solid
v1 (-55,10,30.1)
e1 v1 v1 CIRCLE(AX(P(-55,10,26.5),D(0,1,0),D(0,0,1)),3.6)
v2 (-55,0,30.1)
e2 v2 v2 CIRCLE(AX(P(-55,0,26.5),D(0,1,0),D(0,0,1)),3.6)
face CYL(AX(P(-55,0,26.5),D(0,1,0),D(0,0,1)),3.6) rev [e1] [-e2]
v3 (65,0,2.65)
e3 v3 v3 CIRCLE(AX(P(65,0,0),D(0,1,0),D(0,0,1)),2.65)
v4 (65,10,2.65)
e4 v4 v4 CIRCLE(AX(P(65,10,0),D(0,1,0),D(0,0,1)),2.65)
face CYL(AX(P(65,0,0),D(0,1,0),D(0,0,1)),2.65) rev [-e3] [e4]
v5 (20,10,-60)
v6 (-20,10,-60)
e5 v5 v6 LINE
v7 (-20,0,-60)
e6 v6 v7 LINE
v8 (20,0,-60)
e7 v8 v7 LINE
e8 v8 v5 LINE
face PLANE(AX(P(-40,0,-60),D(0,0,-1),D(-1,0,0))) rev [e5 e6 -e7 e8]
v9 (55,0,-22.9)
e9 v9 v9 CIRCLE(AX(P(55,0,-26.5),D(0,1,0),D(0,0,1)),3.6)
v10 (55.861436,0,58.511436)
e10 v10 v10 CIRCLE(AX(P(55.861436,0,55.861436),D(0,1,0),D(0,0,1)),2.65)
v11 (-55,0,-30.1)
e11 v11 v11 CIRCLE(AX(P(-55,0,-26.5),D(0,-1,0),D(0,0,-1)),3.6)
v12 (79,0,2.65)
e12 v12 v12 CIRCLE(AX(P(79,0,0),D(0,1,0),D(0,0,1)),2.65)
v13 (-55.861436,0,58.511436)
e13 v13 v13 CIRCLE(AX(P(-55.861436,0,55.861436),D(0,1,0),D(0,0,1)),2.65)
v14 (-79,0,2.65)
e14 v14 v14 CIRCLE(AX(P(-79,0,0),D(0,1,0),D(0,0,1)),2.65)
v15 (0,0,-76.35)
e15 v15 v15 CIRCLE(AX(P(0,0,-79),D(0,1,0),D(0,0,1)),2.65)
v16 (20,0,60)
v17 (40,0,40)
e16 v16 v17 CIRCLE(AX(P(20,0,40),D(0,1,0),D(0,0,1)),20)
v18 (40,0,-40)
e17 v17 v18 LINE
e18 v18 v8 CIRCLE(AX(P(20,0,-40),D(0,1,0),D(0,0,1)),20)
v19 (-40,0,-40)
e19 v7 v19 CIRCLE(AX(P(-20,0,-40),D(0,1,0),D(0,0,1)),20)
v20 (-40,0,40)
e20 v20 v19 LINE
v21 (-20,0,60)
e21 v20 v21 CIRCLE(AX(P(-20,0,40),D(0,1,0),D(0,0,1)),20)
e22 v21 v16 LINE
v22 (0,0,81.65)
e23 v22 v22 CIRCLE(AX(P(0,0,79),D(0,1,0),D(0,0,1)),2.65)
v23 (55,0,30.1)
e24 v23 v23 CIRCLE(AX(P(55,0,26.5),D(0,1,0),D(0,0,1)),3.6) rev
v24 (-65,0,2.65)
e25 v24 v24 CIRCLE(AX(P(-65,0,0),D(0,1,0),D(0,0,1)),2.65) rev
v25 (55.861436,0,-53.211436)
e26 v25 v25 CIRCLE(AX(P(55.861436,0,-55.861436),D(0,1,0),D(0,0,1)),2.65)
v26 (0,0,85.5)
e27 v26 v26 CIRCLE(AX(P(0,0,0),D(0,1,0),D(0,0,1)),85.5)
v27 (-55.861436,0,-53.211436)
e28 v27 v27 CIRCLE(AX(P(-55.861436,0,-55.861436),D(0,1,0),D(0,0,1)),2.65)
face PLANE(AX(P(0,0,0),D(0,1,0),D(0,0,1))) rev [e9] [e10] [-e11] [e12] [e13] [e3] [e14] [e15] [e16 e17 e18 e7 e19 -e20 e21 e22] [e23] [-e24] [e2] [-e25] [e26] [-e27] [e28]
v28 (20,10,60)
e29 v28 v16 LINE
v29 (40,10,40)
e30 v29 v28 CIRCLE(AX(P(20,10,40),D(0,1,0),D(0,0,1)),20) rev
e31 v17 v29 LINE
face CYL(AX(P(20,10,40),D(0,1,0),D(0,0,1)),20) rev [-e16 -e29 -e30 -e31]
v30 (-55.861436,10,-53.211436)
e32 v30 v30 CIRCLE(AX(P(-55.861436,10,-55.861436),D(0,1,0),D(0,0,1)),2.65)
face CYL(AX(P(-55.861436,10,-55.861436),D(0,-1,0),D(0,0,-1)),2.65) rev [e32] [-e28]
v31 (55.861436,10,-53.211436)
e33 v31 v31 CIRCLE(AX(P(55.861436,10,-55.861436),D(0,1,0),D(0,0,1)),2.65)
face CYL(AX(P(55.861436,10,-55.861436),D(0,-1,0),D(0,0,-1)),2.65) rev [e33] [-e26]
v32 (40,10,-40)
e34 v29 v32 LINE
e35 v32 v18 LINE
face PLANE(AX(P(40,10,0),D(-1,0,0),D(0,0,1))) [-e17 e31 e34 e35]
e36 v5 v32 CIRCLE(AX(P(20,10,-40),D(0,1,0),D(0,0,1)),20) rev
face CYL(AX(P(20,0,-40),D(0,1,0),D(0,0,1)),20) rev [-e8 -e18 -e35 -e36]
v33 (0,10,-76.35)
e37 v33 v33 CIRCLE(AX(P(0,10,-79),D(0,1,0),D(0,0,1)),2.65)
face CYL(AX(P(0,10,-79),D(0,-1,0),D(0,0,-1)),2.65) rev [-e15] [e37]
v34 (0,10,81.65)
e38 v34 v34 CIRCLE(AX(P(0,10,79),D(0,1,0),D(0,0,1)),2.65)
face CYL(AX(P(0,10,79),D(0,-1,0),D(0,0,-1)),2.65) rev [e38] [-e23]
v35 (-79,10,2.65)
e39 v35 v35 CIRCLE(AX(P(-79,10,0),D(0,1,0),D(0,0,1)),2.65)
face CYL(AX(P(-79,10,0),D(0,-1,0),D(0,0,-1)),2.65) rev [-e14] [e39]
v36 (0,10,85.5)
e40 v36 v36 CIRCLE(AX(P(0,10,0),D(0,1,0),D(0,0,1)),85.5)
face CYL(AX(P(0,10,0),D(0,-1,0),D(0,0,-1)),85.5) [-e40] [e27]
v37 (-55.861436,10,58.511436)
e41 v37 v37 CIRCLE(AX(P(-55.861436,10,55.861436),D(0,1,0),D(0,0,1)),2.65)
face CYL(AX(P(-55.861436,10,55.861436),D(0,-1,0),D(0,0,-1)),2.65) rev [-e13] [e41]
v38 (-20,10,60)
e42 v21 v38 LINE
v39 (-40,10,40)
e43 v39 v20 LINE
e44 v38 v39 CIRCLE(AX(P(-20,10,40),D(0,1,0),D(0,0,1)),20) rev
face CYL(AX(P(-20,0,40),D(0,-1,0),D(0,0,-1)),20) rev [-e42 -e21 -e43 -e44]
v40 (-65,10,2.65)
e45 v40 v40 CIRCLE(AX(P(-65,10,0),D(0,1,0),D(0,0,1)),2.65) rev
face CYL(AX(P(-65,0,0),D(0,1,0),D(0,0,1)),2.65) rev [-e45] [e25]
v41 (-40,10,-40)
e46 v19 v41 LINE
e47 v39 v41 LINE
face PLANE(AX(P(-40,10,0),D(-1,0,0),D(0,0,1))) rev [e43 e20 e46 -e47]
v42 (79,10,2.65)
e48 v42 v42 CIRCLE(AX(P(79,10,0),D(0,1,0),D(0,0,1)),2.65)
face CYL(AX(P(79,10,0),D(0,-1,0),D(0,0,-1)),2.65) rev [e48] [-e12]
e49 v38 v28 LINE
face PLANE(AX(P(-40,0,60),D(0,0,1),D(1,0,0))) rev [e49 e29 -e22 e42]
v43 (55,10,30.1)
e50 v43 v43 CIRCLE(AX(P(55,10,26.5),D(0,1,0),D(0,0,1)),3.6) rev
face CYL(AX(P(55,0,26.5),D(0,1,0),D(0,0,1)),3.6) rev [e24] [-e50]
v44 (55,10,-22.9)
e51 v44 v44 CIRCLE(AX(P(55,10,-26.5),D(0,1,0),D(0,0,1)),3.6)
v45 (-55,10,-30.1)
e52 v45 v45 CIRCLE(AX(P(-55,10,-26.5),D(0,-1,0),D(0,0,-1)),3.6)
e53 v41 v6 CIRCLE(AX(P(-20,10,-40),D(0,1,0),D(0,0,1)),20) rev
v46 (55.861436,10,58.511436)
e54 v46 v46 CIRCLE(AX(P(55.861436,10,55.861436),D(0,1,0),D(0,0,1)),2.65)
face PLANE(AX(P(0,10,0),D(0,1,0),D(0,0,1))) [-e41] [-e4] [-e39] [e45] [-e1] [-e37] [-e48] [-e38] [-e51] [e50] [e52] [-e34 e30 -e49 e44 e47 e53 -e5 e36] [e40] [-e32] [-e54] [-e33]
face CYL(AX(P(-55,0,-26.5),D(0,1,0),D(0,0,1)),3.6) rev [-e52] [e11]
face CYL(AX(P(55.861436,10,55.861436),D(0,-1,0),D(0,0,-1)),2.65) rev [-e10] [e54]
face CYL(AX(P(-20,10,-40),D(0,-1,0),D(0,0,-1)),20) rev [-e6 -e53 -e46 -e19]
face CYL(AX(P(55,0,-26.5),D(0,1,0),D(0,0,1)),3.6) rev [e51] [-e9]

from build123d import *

# Parameters (mm, degrees)
SKETCH_1_R          = 85.5
SKETCH_1_R_2        = 2.65
SKETCH_1_W          = 80
SKETCH_1_H          = 100
EXTRUDE_3_DEPTH     = 10
SKETCH_10_R         = 3.6
SKETCH_10_R_2       = 2.65
CUT_EXTRUDE_2_DEPTH = 10
SKETCH_11_W         = 80
SKETCH_11_H         = 120
CUT_EXTRUDE_3_DEPTH = 10
FILLET_1_R          = 20


with BuildPart() as part:
    # 草图1 → 凸台-拉伸3 (new body)
    with BuildSketch(Plane(origin=(0, 0, 0), x_dir=(1, 0, 0), z_dir=(0, 1, 0))):
        with Locations(Location((0, 0, 0), (0, 0, 270))):
            Circle(SKETCH_1_R)
        with Locations(Location((0, 79, 0), (0, 0, 270))):
            Circle(SKETCH_1_R_2, mode=Mode.SUBTRACT)
        with Locations(Location((55.861435714, 55.861435714, 0), (0, 0, 270))):
            Circle(SKETCH_1_R_2, mode=Mode.SUBTRACT)
        with Locations(Location((79, 0, 0), (0, 0, 270))):
            Circle(SKETCH_1_R_2, mode=Mode.SUBTRACT)
        with Locations(Location((55.861435714, -55.861435714, 0), (0, 0, 270))):
            Circle(SKETCH_1_R_2, mode=Mode.SUBTRACT)
        with Locations(Location((0, -79, 0), (0, 0, 270))):
            Circle(SKETCH_1_R_2, mode=Mode.SUBTRACT)
        with Locations(Location((-55.861435714, -55.861435714, 0), (0, 0, 270))):
            Circle(SKETCH_1_R_2, mode=Mode.SUBTRACT)
        with Locations(Location((-79, 0, 0), (0, 0, 270))):
            Circle(SKETCH_1_R_2, mode=Mode.SUBTRACT)
        with Locations(Location((-55.861435714, 55.861435714, 0), (0, 0, 270))):
            Circle(SKETCH_1_R_2, mode=Mode.SUBTRACT)
        Rectangle(SKETCH_1_W, SKETCH_1_H, mode=Mode.SUBTRACT)
    extrude(amount=EXTRUDE_3_DEPTH)

    # 草图10 → 切除-拉伸2 (cut)
    with BuildSketch(Plane(origin=(0, 10, 0), x_dir=(1, 0, 0), z_dir=(0, 1, 0))):
        with Locations(Location((55, 26.5, 0), (0, 0, 270))):
            Circle(SKETCH_10_R)
        with Locations(Location((65, 0, 0), (0, 0, 270))):
            Circle(SKETCH_10_R_2)
        with Locations(Location((55, -26.5, 0), (0, 0, 270))):
            Circle(SKETCH_10_R)
        with Locations(Location((-55, -26.5, 0), (0, 0, 270))):
            Circle(SKETCH_10_R)
        with Locations(Location((-55, 26.5, 0), (0, 0, 90))):
            Circle(SKETCH_10_R)
        with Locations(Location((-65, 0, 0), (0, 0, 270))):
            Circle(SKETCH_10_R_2)
    extrude(amount=-CUT_EXTRUDE_2_DEPTH, mode=Mode.SUBTRACT)

    # 草图11 → 切除-拉伸3 (cut)
    with BuildSketch(Plane(origin=(0, 10, 0), x_dir=(1, 0, 0), z_dir=(0, 1, 0))):
        Rectangle(SKETCH_11_W, SKETCH_11_H)
    extrude(amount=-CUT_EXTRUDE_3_DEPTH, mode=Mode.SUBTRACT)

    # 圆角1
    fillet_1_edges = [part.edges().sort_by_distance(p)[0] for p in [
        (40, 5, -60),
        (40, 5, 60),
        (-40, 5, 60),
        (-40, 5, -60),
    ]]
    fillet(fillet_1_edges, radius=FILLET_1_R)


solid = part.part
